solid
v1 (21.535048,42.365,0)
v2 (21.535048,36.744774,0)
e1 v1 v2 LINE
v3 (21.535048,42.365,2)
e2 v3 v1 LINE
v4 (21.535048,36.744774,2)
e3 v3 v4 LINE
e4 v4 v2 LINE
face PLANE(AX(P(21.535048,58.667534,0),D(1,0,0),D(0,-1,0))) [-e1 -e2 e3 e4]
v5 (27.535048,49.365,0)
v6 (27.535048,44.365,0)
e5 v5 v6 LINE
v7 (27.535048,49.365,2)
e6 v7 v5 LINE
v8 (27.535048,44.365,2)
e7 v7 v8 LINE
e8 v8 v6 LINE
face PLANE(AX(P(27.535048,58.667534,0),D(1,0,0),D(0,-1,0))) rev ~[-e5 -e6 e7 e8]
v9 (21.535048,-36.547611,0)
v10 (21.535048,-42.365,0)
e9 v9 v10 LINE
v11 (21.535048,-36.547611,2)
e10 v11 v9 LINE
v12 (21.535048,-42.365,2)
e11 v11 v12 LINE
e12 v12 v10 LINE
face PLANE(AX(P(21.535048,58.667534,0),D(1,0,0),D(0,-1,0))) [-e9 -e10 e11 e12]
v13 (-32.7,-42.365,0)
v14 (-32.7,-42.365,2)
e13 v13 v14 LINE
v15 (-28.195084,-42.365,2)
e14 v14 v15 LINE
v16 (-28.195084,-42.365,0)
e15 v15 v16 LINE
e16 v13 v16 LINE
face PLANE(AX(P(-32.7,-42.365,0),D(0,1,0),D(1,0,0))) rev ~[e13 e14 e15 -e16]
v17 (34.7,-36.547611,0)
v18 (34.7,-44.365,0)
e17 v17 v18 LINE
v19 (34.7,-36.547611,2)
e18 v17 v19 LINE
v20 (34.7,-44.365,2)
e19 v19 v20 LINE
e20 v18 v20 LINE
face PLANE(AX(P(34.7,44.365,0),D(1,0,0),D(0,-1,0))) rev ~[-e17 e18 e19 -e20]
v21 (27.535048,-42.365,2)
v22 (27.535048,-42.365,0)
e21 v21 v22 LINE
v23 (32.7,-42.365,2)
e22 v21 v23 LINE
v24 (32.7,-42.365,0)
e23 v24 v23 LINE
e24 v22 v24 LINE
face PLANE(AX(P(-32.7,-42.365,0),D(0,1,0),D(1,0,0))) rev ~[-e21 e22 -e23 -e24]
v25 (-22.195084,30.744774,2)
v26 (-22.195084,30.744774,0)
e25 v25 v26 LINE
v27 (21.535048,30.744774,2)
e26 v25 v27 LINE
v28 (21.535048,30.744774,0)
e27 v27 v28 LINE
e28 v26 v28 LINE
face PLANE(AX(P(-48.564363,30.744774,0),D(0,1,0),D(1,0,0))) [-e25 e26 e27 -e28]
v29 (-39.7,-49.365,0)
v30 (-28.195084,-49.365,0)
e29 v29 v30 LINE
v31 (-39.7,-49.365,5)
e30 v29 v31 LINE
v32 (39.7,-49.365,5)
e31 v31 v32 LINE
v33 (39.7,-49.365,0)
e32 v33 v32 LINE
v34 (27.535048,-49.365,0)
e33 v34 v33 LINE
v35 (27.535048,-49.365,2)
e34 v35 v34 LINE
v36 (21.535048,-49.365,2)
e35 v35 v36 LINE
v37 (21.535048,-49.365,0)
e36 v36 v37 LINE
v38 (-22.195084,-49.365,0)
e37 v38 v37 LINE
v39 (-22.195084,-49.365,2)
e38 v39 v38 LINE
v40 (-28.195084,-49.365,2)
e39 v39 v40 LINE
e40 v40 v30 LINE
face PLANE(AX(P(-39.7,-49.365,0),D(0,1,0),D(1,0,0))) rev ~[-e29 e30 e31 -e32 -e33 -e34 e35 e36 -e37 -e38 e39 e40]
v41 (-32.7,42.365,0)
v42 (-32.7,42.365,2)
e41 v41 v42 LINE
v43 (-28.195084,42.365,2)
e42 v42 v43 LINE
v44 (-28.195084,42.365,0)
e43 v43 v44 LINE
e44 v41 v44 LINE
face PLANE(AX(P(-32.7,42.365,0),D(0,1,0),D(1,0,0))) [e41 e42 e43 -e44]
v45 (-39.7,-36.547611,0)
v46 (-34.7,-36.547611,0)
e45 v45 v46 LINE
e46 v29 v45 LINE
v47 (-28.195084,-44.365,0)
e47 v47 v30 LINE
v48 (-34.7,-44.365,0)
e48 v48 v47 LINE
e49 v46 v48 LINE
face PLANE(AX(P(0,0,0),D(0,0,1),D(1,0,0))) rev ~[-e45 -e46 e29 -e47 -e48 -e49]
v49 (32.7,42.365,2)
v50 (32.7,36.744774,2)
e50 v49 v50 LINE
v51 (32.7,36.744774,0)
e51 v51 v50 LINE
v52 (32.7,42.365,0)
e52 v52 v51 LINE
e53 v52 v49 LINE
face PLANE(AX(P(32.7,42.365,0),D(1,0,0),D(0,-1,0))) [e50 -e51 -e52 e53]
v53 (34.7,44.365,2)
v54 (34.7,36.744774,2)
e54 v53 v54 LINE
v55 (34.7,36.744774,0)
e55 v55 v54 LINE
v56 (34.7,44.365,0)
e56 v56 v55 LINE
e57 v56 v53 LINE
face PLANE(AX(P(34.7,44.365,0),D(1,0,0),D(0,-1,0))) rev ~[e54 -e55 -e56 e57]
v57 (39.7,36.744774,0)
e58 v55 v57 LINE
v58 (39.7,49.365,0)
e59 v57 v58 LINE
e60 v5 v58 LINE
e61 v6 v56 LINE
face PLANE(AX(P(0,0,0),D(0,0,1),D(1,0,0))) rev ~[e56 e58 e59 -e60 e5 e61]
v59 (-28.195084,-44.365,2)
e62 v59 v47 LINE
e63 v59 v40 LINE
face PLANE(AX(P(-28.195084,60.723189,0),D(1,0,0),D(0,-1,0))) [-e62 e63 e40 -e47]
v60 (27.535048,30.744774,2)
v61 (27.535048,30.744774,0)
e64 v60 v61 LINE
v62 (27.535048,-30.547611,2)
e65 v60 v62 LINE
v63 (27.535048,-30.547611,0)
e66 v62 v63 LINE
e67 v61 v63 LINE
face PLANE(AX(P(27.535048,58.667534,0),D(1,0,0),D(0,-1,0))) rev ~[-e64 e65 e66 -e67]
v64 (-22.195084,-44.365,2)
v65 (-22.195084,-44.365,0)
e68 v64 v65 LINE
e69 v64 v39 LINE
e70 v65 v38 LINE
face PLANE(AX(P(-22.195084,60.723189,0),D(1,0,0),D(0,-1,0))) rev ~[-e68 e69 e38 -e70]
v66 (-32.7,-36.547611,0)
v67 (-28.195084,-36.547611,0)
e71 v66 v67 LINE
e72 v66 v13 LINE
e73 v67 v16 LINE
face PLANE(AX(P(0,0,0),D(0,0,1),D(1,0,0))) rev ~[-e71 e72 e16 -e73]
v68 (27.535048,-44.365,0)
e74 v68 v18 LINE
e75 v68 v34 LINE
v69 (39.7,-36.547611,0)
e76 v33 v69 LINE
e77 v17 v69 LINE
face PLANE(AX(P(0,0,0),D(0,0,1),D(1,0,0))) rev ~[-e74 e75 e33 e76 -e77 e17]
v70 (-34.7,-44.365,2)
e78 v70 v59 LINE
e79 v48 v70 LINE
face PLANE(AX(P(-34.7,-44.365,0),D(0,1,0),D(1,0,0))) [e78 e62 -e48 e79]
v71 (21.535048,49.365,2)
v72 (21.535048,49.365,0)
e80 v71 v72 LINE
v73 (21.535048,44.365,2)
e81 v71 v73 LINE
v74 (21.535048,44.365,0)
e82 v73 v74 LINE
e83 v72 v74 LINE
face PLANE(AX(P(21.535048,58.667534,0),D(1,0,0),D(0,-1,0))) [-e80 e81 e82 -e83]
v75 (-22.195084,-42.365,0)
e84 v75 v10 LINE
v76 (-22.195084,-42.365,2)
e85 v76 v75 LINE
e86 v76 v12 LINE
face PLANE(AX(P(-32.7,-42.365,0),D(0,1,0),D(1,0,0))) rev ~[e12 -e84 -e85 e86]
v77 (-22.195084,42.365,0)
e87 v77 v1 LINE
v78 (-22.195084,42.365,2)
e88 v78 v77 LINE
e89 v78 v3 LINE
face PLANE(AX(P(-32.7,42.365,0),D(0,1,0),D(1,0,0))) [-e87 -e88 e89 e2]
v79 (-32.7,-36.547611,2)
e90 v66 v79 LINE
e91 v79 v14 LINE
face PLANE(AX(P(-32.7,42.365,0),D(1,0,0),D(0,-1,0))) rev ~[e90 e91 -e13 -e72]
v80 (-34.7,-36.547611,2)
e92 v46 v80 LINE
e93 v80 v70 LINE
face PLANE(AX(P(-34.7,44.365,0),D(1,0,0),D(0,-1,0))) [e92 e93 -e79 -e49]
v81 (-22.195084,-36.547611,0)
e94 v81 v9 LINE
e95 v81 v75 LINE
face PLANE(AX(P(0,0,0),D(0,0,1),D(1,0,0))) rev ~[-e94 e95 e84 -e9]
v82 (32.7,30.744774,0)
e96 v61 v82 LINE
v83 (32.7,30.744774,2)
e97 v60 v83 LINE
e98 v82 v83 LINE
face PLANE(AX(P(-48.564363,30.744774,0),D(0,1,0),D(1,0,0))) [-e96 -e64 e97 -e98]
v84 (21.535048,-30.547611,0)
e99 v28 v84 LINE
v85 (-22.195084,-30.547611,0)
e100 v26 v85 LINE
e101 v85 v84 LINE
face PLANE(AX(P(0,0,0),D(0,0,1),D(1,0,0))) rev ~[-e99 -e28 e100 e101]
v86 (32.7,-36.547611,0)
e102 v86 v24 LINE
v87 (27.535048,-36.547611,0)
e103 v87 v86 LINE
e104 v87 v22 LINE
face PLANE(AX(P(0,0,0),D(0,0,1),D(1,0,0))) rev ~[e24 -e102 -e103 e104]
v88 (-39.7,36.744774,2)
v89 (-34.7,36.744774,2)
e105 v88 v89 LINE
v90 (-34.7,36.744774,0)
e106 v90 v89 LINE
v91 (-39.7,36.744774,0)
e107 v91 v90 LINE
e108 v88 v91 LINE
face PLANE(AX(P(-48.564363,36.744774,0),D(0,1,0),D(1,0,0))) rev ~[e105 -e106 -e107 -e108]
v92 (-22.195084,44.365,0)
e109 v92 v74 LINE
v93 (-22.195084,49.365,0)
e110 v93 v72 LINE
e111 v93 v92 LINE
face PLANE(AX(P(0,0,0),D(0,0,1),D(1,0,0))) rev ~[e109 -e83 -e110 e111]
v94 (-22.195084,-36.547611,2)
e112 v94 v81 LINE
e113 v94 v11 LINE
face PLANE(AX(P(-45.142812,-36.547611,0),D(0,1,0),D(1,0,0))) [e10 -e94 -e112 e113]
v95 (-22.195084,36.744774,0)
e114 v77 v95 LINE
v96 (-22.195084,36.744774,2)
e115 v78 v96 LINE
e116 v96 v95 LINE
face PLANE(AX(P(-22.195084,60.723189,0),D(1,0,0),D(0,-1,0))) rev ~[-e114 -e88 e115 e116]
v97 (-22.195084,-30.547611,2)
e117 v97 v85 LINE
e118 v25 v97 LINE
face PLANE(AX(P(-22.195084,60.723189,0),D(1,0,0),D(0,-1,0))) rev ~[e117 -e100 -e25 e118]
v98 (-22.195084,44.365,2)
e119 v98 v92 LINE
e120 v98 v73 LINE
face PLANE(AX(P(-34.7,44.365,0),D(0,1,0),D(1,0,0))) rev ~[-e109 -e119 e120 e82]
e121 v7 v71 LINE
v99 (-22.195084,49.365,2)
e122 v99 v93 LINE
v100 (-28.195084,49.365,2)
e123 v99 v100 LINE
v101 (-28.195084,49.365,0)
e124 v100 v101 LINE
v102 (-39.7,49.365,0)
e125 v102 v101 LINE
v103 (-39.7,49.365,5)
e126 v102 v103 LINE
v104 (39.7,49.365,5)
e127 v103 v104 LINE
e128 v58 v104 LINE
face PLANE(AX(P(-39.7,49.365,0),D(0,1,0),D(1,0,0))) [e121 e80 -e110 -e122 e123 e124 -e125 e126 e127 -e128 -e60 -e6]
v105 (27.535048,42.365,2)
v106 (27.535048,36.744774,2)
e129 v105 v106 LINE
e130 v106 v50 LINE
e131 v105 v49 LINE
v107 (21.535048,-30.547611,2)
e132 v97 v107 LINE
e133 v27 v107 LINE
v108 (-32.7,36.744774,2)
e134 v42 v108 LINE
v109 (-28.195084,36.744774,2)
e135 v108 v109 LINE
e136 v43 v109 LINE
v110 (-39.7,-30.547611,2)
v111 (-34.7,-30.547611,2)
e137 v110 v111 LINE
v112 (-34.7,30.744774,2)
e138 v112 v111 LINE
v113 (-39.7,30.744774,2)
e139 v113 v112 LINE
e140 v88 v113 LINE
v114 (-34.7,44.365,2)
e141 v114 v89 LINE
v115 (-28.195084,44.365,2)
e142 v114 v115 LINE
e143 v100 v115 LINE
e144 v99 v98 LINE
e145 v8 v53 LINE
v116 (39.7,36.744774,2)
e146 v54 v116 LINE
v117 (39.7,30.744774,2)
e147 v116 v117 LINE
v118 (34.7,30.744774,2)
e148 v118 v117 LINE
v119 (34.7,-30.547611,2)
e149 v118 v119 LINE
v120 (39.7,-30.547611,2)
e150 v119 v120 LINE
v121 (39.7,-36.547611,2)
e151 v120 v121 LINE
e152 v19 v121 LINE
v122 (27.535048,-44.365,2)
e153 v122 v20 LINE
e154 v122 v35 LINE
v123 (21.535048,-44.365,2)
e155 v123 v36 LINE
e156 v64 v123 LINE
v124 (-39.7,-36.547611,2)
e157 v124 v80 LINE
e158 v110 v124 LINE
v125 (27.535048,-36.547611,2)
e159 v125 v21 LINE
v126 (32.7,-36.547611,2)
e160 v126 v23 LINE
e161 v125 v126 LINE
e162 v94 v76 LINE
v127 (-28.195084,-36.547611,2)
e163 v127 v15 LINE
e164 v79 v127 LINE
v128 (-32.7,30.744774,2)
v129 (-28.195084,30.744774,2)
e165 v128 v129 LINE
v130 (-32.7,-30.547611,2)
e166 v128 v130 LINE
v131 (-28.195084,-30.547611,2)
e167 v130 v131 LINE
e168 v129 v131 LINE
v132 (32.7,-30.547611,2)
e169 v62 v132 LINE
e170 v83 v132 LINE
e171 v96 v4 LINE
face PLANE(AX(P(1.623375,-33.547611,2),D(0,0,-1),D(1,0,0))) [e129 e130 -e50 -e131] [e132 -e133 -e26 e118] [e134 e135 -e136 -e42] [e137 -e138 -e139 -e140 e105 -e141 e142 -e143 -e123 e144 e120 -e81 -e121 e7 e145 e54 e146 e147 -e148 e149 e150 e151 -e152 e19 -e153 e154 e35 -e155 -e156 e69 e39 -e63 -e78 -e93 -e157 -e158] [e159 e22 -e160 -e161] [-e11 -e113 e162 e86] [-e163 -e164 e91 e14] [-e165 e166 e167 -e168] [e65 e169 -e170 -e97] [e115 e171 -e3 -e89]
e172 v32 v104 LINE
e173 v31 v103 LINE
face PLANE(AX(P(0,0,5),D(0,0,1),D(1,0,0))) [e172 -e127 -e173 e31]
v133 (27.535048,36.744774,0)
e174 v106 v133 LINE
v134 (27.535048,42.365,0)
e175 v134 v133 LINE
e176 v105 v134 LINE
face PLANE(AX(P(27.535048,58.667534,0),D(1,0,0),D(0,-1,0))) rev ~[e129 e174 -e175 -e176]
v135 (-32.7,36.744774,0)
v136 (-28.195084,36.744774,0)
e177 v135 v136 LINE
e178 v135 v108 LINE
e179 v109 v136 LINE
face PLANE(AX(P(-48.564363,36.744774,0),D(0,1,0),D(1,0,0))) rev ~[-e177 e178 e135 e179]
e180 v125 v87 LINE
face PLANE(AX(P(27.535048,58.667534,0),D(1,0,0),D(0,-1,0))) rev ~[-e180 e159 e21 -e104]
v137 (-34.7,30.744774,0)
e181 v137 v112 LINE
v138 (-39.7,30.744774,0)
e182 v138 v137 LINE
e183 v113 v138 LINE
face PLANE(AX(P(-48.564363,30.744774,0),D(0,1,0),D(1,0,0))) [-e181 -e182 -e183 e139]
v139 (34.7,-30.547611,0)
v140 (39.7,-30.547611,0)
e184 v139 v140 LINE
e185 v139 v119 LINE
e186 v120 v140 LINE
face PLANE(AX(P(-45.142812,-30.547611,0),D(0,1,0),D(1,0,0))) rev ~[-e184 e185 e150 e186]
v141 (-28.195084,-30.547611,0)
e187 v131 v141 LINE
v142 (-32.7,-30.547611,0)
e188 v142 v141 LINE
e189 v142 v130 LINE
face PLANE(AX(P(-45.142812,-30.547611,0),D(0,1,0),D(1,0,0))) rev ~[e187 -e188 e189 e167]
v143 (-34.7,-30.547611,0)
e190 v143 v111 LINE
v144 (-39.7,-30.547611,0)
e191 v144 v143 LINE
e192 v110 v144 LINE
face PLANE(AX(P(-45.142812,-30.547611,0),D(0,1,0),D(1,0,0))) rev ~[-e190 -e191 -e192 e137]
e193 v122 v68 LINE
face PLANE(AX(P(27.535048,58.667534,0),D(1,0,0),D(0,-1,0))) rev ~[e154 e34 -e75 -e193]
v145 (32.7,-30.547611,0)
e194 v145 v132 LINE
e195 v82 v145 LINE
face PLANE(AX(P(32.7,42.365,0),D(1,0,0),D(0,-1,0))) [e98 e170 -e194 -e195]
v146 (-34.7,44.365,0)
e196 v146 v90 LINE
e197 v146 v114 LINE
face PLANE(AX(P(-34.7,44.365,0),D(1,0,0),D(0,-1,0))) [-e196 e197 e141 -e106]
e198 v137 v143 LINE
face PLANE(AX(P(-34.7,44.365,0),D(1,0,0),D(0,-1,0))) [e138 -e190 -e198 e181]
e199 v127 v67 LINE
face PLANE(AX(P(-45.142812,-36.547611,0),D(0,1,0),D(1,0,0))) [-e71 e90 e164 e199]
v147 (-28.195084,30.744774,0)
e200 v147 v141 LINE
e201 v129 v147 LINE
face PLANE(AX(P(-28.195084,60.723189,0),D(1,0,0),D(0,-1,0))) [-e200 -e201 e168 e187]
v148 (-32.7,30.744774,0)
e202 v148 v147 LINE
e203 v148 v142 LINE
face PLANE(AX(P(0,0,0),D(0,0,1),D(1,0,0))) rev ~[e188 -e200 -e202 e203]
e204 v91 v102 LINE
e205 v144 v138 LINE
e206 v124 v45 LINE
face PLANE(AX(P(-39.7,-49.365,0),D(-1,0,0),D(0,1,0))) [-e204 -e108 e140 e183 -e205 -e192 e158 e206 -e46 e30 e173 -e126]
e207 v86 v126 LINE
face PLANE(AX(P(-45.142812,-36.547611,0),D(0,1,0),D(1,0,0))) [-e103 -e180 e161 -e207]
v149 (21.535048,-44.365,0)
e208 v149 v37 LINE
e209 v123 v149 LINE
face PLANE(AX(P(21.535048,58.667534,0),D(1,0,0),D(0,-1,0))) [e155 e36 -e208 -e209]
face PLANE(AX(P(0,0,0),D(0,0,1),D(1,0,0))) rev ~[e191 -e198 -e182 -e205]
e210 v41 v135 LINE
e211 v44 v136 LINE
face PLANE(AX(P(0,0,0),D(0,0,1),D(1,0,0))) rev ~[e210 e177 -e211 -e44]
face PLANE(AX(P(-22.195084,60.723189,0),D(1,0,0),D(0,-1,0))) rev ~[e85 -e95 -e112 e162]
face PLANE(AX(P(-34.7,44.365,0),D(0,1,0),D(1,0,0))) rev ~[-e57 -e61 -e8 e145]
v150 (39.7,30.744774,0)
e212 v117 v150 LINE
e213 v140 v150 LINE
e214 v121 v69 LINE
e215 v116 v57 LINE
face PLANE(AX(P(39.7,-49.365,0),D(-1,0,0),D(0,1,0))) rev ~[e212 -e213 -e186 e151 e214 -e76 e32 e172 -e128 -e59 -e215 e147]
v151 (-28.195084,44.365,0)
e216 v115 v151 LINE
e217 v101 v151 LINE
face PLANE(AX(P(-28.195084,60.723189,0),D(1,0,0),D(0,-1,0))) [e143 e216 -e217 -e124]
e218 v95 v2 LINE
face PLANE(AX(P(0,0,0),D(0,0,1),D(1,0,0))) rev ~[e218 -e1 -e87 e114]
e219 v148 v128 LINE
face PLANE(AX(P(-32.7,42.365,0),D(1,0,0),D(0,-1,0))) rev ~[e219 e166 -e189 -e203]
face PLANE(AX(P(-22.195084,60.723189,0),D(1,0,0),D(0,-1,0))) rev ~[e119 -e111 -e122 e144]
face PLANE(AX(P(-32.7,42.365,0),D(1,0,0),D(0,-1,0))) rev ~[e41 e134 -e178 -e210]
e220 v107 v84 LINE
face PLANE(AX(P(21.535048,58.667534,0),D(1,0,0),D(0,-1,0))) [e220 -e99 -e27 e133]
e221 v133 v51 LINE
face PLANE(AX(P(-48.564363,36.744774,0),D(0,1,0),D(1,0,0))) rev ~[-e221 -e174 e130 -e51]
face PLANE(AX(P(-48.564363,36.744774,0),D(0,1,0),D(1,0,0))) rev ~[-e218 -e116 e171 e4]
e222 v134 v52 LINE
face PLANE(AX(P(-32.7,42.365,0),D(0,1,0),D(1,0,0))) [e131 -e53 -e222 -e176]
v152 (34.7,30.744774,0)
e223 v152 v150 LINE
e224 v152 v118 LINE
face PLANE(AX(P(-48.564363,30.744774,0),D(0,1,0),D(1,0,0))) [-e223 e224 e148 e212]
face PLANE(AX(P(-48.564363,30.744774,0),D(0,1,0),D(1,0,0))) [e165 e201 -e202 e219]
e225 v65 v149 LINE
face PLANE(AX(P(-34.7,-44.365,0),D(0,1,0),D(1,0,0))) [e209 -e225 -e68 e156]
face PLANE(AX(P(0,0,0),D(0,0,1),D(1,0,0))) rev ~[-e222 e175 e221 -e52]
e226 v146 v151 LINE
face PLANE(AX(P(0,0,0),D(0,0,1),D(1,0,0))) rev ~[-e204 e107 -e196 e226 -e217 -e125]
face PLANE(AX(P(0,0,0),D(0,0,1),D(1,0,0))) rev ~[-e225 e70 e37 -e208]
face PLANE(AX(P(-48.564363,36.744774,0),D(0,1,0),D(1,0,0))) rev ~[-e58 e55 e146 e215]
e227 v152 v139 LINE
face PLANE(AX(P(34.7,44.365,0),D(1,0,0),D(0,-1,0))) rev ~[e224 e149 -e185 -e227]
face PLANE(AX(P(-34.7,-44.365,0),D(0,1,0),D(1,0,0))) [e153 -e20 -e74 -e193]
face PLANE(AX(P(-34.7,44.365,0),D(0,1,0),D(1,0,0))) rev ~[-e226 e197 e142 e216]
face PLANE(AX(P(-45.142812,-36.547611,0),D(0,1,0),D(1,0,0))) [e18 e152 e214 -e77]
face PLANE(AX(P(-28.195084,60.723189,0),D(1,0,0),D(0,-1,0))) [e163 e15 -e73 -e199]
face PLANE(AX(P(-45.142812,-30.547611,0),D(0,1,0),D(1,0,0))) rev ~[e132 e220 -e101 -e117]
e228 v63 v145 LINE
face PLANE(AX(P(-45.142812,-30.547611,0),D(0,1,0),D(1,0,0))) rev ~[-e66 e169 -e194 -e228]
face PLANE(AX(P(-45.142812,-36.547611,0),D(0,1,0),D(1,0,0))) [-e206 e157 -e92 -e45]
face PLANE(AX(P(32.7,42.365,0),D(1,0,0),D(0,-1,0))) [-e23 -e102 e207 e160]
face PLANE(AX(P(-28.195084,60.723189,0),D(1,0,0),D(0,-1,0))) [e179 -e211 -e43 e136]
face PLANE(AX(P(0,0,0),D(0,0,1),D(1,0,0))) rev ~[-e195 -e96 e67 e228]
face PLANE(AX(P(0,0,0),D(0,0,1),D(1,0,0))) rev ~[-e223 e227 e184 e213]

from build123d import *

# Parameters (mm, degrees)
SKETCH_W        = 79.4
SKETCH_H        = 98.73
PAD_DEPTH       = 5
SKETCH002_W     = 69.4
SKETCH002_H     = 88.73
SKETCH002_W_2   = 65.4
SKETCH002_H_2   = 84.73
POCKET_DEPTH    = 2
SKETCH003_W     = 93.532375
SKETCH003_H     = 6
POCKET001_DEPTH = 2
SKETCH005_W     = 100.384567
SKETCH005_H     = 6
POCKET002_DEPTH = 2
SKETCH006_W     = 6
SKETCH006_H     = 113.061115
SKETCH006_H_2   = 111.176766
POCKET003_DEPTH = 2


with BuildPart() as part:
    # Sketch → Pad (new body)
    with BuildSketch(Plane.XY):
        Rectangle(SKETCH_W, SKETCH_H)
    extrude(amount=PAD_DEPTH)

    # Sketch002 → Pocket (cut)
    with BuildSketch(Plane(origin=(0, 0, 0), x_dir=(1, 0, 0), z_dir=(0, 0, -1))):
        Rectangle(SKETCH002_W, SKETCH002_H)
        Rectangle(SKETCH002_W_2, SKETCH002_H_2, mode=Mode.SUBTRACT)
    extrude(amount=-POCKET_DEPTH, mode=Mode.SUBTRACT)

    # Sketch003 (on Face16 of Pocket) → Pocket001 (cut)
    with BuildSketch(Plane(origin=(0, 0, 0), x_dir=(1, 0, 0), z_dir=(0, 0, -1))):
        with Locations((1.623375, 33.547611)):
            Rectangle(SKETCH003_W, SKETCH003_H)
    extrude(amount=-POCKET001_DEPTH, mode=Mode.SUBTRACT)

    # Sketch005 (on Face23 of Pocket001) → Pocket002 (cut)
    with BuildSketch(Plane(origin=(0, 0, 0), x_dir=(1, 0, 0), z_dir=(0, 0, -1))):
        with Locations((1.62792, -33.744774)):
            Rectangle(SKETCH005_W, SKETCH005_H)
    extrude(amount=-POCKET002_DEPTH, mode=Mode.SUBTRACT)

    # Sketch006 (on Face30 of Pocket002) → Pocket003 (cut)
    with BuildSketch(Plane(origin=(0, 0, 0), x_dir=(1, 0, 0), z_dir=(0, 0, -1))):
        with Locations((-25.195084, -4.192632)):
            Rectangle(SKETCH006_W, SKETCH006_H)
        with Locations((24.535048, -3.079151)):
            Rectangle(SKETCH006_W, SKETCH006_H_2)
    extrude(amount=-POCKET003_DEPTH, mode=Mode.SUBTRACT)


solid = part.part
